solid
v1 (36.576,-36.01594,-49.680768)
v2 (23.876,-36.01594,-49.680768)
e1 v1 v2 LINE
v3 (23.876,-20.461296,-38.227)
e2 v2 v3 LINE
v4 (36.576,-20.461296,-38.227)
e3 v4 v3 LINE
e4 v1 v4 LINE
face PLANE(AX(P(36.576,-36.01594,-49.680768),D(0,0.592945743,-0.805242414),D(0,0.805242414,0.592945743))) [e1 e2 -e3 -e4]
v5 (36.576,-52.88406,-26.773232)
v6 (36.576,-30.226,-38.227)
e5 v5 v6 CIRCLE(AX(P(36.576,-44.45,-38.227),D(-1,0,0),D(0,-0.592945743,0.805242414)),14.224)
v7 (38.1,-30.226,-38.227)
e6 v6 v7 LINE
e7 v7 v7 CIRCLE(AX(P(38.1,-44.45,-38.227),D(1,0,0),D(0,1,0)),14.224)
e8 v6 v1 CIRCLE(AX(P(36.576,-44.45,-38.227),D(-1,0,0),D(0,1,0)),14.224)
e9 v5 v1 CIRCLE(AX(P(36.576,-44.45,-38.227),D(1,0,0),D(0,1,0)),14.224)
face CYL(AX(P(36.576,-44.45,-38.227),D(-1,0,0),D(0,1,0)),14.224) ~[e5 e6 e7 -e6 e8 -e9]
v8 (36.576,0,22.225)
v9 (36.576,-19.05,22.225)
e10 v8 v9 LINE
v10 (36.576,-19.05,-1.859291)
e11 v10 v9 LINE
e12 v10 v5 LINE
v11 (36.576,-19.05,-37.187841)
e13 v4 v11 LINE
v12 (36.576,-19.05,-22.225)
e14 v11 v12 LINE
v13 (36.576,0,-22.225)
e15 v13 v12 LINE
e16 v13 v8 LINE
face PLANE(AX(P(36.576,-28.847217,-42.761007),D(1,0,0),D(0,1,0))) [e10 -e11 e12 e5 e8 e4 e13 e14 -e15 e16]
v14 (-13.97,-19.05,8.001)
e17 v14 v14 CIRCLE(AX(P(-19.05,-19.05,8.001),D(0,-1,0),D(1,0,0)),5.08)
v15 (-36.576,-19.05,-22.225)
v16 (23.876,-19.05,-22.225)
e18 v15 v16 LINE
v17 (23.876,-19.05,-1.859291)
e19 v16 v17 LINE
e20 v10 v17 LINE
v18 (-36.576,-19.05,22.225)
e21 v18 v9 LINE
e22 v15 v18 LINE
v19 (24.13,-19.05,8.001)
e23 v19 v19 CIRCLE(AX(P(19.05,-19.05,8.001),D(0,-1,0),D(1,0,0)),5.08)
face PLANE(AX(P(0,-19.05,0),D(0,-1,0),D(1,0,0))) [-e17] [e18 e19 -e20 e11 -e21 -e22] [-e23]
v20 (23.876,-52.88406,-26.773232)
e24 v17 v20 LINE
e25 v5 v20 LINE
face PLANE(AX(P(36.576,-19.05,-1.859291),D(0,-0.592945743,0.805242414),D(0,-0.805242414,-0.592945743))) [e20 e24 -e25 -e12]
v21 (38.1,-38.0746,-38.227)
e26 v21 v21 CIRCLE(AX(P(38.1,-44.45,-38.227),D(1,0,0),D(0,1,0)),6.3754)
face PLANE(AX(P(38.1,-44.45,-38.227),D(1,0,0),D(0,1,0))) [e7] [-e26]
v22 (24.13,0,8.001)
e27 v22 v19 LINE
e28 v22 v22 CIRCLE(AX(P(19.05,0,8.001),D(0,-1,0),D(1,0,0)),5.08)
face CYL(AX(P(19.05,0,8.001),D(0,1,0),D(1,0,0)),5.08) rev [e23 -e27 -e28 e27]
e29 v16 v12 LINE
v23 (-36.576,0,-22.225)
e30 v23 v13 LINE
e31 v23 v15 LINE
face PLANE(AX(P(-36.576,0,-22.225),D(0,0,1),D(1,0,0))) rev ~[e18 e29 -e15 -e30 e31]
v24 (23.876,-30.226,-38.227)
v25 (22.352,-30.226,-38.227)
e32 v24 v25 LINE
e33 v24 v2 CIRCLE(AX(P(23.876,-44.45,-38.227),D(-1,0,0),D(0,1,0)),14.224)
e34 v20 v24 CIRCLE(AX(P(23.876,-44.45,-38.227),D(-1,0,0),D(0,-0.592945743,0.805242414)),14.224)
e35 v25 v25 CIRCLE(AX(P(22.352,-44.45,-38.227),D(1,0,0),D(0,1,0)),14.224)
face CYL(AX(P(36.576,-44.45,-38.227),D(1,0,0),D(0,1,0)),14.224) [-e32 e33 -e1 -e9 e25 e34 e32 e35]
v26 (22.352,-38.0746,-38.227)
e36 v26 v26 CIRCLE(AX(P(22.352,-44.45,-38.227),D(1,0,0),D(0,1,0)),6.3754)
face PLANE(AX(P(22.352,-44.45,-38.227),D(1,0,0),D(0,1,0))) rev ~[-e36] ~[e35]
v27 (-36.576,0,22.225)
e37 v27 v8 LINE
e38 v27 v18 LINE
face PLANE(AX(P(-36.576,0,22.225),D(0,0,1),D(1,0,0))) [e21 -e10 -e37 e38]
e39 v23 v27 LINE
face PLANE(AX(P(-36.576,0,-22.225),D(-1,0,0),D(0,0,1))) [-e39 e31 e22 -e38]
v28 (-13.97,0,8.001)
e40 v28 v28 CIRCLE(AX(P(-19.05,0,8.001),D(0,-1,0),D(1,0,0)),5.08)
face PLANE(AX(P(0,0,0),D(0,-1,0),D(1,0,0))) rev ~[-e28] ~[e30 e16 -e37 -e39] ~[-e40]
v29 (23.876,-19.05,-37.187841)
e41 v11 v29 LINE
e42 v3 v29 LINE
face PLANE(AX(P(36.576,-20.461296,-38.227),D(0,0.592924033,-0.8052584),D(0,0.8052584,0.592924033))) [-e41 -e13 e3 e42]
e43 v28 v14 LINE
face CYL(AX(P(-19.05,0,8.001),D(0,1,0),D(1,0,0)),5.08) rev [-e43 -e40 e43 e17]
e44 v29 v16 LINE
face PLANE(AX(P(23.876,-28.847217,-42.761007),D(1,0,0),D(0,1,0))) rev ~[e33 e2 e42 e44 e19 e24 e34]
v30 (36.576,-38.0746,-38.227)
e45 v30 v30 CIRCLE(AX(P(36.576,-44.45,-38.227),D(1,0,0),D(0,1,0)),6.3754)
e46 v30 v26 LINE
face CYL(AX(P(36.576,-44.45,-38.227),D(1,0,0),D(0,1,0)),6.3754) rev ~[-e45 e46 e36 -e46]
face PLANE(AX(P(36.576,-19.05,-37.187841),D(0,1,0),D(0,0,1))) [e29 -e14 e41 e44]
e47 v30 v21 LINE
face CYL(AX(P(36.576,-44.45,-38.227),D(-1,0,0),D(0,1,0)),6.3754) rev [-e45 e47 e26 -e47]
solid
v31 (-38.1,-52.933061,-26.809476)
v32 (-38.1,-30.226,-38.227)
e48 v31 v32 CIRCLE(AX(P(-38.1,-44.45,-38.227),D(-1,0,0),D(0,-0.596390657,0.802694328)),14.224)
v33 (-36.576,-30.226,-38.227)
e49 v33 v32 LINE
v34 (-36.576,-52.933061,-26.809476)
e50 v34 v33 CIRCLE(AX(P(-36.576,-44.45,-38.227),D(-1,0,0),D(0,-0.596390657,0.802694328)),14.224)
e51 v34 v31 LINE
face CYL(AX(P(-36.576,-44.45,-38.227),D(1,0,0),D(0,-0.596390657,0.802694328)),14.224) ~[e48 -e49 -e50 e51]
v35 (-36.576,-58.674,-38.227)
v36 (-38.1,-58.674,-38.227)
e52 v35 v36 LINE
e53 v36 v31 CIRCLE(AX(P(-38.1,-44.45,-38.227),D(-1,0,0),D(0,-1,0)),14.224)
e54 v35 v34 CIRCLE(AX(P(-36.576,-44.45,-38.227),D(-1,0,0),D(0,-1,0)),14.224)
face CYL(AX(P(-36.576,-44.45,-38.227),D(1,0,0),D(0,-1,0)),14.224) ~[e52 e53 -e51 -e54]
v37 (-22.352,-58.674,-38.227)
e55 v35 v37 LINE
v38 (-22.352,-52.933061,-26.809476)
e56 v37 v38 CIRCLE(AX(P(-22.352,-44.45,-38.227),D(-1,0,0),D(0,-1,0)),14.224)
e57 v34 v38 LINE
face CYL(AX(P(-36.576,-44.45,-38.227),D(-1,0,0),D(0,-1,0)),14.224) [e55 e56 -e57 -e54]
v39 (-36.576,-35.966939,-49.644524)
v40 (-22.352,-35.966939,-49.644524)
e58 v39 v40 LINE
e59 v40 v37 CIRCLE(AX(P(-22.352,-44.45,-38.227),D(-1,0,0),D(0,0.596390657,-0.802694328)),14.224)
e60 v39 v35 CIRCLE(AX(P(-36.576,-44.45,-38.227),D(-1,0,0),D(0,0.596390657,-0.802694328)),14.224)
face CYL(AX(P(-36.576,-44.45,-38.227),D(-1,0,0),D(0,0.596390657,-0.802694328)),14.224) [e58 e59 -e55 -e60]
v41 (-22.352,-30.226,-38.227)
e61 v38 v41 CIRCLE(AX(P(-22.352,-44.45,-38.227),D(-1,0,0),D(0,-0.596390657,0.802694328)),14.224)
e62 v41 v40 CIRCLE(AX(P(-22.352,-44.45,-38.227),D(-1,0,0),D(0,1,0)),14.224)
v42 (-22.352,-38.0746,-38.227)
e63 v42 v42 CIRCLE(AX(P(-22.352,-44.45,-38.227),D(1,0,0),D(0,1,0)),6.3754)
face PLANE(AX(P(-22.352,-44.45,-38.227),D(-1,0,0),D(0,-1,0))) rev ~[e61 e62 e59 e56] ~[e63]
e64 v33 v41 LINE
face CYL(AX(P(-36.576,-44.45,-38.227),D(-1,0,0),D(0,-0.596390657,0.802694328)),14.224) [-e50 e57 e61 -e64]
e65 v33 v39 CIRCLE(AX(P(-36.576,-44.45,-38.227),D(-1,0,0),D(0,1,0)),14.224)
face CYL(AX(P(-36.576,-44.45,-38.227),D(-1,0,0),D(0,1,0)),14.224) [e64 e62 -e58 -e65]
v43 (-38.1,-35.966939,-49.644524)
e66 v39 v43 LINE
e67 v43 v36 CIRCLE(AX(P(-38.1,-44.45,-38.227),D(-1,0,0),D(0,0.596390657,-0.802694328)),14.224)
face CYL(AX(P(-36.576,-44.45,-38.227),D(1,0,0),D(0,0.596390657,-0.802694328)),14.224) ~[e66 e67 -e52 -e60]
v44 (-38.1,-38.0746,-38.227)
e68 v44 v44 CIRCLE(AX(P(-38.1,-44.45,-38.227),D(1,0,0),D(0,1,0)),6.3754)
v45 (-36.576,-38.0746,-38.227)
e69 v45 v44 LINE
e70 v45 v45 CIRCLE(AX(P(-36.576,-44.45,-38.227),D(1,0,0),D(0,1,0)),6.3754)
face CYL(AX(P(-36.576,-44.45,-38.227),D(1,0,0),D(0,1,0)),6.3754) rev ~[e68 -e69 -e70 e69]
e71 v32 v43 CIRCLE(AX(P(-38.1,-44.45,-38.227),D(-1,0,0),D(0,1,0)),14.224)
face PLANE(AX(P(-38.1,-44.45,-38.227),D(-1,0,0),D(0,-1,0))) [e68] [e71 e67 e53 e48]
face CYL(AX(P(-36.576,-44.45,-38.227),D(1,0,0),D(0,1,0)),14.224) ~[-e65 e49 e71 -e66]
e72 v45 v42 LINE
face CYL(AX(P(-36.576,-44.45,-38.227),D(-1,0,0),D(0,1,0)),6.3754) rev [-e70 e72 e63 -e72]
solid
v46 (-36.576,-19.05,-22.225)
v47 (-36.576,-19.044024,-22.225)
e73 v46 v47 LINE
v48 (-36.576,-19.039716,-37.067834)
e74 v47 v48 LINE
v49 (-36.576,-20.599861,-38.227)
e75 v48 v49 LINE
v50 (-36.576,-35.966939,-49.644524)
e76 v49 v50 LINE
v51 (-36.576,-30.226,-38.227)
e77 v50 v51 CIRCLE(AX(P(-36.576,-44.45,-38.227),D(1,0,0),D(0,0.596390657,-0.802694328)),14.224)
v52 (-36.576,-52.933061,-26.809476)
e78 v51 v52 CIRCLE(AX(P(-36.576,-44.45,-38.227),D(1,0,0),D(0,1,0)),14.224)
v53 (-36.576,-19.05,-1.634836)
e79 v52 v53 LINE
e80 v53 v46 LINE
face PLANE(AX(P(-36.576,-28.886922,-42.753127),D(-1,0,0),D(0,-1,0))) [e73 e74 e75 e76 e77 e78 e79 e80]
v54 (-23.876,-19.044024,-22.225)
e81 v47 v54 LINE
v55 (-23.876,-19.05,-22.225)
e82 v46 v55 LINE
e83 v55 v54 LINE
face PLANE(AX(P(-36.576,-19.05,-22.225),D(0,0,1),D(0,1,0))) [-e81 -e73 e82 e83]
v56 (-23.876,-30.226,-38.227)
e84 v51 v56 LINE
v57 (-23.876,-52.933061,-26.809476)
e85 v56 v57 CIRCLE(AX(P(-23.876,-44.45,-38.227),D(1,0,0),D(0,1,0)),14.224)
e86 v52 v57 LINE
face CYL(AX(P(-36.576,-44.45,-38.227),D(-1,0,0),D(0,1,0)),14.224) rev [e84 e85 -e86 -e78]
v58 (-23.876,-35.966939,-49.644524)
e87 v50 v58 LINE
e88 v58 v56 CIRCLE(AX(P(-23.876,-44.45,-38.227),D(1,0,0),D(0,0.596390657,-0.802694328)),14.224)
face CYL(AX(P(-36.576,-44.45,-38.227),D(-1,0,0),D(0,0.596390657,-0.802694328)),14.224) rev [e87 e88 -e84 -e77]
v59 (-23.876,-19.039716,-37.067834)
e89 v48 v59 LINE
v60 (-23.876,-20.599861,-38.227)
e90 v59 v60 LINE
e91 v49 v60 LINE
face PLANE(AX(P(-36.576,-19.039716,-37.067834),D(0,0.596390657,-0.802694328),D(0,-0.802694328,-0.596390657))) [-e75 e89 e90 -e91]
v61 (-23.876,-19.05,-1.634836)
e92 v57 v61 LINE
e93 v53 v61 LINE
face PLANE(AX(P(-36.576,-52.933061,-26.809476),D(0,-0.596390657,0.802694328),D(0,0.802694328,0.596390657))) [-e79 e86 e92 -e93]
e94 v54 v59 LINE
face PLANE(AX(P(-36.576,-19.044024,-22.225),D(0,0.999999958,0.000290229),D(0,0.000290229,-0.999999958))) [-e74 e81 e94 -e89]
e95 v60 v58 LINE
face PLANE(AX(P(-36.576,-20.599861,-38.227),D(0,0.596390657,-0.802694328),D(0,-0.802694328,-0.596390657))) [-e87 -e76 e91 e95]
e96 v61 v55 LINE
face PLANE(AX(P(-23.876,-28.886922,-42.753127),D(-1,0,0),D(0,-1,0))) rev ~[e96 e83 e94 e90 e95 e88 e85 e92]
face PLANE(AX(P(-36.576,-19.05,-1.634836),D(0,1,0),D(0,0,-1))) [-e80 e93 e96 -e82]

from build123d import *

# Parameters (mm, degrees)
F0_W          = 73.152
F0_H          = 44.45
F0_R          = 5.08
F1_DEPTH      = 19.05
F3_DEPTH      = 12.7
F2_R          = 6.3754
F4_DEPTH      = 1.524
F4_DEPTH_BACK = 14.224
F6_DEPTH      = 12.7
F7_DEPTH      = 1.524
F7_DEPTH_BACK = 14.224


with BuildPart() as f1:
    # F0 (on Front) → F1 (new body)
    with BuildSketch(Plane.XZ):
        Rectangle(F0_W, F0_H)
        with Locations((-19.05, 8.001)):
            Circle(F0_R, mode=Mode.SUBTRACT)
        with Locations((19.05, 8.001)):
            Circle(F0_R, mode=Mode.SUBTRACT)
    extrude(amount=F1_DEPTH)

    # F2 (on face) → F3 (join)
    with BuildSketch(Plane.YZ.offset(36.576)):
        with BuildLine():
            Line((-36.0159397474, -49.6807680986), (-20.4612958716, -38.227))
            Line((-20.4612958716, -38.227), (-30.226, -38.227))
            ThreePointArc((-30.226, -38.227), (-31.7557444284, -44.6440126604), (-36.0159397474, -49.6807680986))
        make_face()
        with BuildLine():
            Line((-19.05, -22.225), (-19.05, -1.8592908906))
            Line((-19.05, -1.8592908906), (-52.8840602526, -26.7732319014))
            ThreePointArc((-52.8840602526, -26.7732319014), (-38.0329873396, -25.5327444284), (-30.226, -38.227))
            Line((-30.226, -38.227), (-20.4612958716, -38.227))
            Line((-20.4612958716, -38.227), (-19.05, -37.187841339))
            Line((-19.05, -37.187841339), (-19.05, -22.225))
        make_face()
    extrude(amount=-F3_DEPTH)

    # F2 (on face) → F4 (join, two sides)
    with BuildSketch(Plane.YZ.offset(36.576)) as f4_sk:
        with BuildLine():
            ThreePointArc((-30.226, -38.227), (-38.0329873396, -25.5327444284), (-52.8840602526, -26.7732319014))
            ThreePointArc((-52.8840602526, -26.7732319014), (-55.9037680986, -46.6610602526), (-36.0159397474, -49.6807680986))
            ThreePointArc((-36.0159397474, -49.6807680986), (-31.7557444284, -44.6440126604), (-30.226, -38.227))
        make_face()
        with Locations((-44.45, -38.227)):
            Circle(F2_R, mode=Mode.SUBTRACT)
    extrude(amount=F4_DEPTH)
    extrude(f4_sk.sketch, amount=-F4_DEPTH_BACK)


with BuildPart() as f6:
    # F5 (on face) → F6 (new body)
    with BuildSketch(Plane(origin=(-36.576, 0, 0), x_dir=(0, -1, 0), z_dir=(-1, 0, 0))):
        with BuildLine():
            Line((30.226, -38.227), (20.5998611319, -38.227))
            Line((20.5998611319, -38.227), (35.9669392883, -49.644524117))
            ThreePointArc((35.9669392883, -49.644524117), (31.7420255044, -44.616801266), (30.226, -38.227))
        make_face()
        with BuildLine():
            Line((52.9330607117, -26.809475883), (19.05, -1.6348357272))
            Line((19.05, -1.6348357272), (19.05, -22.225))
            Line((19.05, -22.225), (19.0440241449, -22.225))
            Line((19.0440241449, -22.225), (19.0397163295, -37.0678342349))
            Line((19.0397163295, -37.0678342349), (20.5998611319, -38.227))
            Line((20.5998611319, -38.227), (30.226, -38.227))
            ThreePointArc((30.226, -38.227), (38.060198734, -25.5190255044), (52.9330607117, -26.809475883))
        make_face()
    extrude(amount=-F6_DEPTH)


with BuildPart() as f7:
    # F5 (on face) → F7 (new body, two sides)
    with BuildSketch(Plane(origin=(-36.576, 0, 0), x_dir=(0, -1, 0), z_dir=(-1, 0, 0))) as f7_sk:
        with BuildLine():
            ThreePointArc((58.674, -38.227), (57.1579744956, -31.837198734), (52.9330607117, -26.809475883))
            ThreePointArc((52.9330607117, -26.809475883), (38.060198734, -25.5190255044), (30.226, -38.227))
            ThreePointArc((30.226, -38.227), (31.7420255044, -44.616801266), (35.9669392883, -49.644524117))
            ThreePointArc((35.9669392883, -49.644524117), (50.839801266, -50.9349744956), (58.674, -38.227))
        make_face()
        with BuildLine():
            ThreePointArc((50.8254, -38.227), (44.45, -44.6024), (38.0746, -38.227))
            ThreePointArc((38.0746, -38.227), (44.45, -31.8516), (50.8254, -38.227))
        make_face(mode=Mode.SUBTRACT)
    extrude(amount=F7_DEPTH)
    extrude(f7_sk.sketch, amount=-F7_DEPTH_BACK)


solid = Compound([f1.part, f6.part, f7.part])
